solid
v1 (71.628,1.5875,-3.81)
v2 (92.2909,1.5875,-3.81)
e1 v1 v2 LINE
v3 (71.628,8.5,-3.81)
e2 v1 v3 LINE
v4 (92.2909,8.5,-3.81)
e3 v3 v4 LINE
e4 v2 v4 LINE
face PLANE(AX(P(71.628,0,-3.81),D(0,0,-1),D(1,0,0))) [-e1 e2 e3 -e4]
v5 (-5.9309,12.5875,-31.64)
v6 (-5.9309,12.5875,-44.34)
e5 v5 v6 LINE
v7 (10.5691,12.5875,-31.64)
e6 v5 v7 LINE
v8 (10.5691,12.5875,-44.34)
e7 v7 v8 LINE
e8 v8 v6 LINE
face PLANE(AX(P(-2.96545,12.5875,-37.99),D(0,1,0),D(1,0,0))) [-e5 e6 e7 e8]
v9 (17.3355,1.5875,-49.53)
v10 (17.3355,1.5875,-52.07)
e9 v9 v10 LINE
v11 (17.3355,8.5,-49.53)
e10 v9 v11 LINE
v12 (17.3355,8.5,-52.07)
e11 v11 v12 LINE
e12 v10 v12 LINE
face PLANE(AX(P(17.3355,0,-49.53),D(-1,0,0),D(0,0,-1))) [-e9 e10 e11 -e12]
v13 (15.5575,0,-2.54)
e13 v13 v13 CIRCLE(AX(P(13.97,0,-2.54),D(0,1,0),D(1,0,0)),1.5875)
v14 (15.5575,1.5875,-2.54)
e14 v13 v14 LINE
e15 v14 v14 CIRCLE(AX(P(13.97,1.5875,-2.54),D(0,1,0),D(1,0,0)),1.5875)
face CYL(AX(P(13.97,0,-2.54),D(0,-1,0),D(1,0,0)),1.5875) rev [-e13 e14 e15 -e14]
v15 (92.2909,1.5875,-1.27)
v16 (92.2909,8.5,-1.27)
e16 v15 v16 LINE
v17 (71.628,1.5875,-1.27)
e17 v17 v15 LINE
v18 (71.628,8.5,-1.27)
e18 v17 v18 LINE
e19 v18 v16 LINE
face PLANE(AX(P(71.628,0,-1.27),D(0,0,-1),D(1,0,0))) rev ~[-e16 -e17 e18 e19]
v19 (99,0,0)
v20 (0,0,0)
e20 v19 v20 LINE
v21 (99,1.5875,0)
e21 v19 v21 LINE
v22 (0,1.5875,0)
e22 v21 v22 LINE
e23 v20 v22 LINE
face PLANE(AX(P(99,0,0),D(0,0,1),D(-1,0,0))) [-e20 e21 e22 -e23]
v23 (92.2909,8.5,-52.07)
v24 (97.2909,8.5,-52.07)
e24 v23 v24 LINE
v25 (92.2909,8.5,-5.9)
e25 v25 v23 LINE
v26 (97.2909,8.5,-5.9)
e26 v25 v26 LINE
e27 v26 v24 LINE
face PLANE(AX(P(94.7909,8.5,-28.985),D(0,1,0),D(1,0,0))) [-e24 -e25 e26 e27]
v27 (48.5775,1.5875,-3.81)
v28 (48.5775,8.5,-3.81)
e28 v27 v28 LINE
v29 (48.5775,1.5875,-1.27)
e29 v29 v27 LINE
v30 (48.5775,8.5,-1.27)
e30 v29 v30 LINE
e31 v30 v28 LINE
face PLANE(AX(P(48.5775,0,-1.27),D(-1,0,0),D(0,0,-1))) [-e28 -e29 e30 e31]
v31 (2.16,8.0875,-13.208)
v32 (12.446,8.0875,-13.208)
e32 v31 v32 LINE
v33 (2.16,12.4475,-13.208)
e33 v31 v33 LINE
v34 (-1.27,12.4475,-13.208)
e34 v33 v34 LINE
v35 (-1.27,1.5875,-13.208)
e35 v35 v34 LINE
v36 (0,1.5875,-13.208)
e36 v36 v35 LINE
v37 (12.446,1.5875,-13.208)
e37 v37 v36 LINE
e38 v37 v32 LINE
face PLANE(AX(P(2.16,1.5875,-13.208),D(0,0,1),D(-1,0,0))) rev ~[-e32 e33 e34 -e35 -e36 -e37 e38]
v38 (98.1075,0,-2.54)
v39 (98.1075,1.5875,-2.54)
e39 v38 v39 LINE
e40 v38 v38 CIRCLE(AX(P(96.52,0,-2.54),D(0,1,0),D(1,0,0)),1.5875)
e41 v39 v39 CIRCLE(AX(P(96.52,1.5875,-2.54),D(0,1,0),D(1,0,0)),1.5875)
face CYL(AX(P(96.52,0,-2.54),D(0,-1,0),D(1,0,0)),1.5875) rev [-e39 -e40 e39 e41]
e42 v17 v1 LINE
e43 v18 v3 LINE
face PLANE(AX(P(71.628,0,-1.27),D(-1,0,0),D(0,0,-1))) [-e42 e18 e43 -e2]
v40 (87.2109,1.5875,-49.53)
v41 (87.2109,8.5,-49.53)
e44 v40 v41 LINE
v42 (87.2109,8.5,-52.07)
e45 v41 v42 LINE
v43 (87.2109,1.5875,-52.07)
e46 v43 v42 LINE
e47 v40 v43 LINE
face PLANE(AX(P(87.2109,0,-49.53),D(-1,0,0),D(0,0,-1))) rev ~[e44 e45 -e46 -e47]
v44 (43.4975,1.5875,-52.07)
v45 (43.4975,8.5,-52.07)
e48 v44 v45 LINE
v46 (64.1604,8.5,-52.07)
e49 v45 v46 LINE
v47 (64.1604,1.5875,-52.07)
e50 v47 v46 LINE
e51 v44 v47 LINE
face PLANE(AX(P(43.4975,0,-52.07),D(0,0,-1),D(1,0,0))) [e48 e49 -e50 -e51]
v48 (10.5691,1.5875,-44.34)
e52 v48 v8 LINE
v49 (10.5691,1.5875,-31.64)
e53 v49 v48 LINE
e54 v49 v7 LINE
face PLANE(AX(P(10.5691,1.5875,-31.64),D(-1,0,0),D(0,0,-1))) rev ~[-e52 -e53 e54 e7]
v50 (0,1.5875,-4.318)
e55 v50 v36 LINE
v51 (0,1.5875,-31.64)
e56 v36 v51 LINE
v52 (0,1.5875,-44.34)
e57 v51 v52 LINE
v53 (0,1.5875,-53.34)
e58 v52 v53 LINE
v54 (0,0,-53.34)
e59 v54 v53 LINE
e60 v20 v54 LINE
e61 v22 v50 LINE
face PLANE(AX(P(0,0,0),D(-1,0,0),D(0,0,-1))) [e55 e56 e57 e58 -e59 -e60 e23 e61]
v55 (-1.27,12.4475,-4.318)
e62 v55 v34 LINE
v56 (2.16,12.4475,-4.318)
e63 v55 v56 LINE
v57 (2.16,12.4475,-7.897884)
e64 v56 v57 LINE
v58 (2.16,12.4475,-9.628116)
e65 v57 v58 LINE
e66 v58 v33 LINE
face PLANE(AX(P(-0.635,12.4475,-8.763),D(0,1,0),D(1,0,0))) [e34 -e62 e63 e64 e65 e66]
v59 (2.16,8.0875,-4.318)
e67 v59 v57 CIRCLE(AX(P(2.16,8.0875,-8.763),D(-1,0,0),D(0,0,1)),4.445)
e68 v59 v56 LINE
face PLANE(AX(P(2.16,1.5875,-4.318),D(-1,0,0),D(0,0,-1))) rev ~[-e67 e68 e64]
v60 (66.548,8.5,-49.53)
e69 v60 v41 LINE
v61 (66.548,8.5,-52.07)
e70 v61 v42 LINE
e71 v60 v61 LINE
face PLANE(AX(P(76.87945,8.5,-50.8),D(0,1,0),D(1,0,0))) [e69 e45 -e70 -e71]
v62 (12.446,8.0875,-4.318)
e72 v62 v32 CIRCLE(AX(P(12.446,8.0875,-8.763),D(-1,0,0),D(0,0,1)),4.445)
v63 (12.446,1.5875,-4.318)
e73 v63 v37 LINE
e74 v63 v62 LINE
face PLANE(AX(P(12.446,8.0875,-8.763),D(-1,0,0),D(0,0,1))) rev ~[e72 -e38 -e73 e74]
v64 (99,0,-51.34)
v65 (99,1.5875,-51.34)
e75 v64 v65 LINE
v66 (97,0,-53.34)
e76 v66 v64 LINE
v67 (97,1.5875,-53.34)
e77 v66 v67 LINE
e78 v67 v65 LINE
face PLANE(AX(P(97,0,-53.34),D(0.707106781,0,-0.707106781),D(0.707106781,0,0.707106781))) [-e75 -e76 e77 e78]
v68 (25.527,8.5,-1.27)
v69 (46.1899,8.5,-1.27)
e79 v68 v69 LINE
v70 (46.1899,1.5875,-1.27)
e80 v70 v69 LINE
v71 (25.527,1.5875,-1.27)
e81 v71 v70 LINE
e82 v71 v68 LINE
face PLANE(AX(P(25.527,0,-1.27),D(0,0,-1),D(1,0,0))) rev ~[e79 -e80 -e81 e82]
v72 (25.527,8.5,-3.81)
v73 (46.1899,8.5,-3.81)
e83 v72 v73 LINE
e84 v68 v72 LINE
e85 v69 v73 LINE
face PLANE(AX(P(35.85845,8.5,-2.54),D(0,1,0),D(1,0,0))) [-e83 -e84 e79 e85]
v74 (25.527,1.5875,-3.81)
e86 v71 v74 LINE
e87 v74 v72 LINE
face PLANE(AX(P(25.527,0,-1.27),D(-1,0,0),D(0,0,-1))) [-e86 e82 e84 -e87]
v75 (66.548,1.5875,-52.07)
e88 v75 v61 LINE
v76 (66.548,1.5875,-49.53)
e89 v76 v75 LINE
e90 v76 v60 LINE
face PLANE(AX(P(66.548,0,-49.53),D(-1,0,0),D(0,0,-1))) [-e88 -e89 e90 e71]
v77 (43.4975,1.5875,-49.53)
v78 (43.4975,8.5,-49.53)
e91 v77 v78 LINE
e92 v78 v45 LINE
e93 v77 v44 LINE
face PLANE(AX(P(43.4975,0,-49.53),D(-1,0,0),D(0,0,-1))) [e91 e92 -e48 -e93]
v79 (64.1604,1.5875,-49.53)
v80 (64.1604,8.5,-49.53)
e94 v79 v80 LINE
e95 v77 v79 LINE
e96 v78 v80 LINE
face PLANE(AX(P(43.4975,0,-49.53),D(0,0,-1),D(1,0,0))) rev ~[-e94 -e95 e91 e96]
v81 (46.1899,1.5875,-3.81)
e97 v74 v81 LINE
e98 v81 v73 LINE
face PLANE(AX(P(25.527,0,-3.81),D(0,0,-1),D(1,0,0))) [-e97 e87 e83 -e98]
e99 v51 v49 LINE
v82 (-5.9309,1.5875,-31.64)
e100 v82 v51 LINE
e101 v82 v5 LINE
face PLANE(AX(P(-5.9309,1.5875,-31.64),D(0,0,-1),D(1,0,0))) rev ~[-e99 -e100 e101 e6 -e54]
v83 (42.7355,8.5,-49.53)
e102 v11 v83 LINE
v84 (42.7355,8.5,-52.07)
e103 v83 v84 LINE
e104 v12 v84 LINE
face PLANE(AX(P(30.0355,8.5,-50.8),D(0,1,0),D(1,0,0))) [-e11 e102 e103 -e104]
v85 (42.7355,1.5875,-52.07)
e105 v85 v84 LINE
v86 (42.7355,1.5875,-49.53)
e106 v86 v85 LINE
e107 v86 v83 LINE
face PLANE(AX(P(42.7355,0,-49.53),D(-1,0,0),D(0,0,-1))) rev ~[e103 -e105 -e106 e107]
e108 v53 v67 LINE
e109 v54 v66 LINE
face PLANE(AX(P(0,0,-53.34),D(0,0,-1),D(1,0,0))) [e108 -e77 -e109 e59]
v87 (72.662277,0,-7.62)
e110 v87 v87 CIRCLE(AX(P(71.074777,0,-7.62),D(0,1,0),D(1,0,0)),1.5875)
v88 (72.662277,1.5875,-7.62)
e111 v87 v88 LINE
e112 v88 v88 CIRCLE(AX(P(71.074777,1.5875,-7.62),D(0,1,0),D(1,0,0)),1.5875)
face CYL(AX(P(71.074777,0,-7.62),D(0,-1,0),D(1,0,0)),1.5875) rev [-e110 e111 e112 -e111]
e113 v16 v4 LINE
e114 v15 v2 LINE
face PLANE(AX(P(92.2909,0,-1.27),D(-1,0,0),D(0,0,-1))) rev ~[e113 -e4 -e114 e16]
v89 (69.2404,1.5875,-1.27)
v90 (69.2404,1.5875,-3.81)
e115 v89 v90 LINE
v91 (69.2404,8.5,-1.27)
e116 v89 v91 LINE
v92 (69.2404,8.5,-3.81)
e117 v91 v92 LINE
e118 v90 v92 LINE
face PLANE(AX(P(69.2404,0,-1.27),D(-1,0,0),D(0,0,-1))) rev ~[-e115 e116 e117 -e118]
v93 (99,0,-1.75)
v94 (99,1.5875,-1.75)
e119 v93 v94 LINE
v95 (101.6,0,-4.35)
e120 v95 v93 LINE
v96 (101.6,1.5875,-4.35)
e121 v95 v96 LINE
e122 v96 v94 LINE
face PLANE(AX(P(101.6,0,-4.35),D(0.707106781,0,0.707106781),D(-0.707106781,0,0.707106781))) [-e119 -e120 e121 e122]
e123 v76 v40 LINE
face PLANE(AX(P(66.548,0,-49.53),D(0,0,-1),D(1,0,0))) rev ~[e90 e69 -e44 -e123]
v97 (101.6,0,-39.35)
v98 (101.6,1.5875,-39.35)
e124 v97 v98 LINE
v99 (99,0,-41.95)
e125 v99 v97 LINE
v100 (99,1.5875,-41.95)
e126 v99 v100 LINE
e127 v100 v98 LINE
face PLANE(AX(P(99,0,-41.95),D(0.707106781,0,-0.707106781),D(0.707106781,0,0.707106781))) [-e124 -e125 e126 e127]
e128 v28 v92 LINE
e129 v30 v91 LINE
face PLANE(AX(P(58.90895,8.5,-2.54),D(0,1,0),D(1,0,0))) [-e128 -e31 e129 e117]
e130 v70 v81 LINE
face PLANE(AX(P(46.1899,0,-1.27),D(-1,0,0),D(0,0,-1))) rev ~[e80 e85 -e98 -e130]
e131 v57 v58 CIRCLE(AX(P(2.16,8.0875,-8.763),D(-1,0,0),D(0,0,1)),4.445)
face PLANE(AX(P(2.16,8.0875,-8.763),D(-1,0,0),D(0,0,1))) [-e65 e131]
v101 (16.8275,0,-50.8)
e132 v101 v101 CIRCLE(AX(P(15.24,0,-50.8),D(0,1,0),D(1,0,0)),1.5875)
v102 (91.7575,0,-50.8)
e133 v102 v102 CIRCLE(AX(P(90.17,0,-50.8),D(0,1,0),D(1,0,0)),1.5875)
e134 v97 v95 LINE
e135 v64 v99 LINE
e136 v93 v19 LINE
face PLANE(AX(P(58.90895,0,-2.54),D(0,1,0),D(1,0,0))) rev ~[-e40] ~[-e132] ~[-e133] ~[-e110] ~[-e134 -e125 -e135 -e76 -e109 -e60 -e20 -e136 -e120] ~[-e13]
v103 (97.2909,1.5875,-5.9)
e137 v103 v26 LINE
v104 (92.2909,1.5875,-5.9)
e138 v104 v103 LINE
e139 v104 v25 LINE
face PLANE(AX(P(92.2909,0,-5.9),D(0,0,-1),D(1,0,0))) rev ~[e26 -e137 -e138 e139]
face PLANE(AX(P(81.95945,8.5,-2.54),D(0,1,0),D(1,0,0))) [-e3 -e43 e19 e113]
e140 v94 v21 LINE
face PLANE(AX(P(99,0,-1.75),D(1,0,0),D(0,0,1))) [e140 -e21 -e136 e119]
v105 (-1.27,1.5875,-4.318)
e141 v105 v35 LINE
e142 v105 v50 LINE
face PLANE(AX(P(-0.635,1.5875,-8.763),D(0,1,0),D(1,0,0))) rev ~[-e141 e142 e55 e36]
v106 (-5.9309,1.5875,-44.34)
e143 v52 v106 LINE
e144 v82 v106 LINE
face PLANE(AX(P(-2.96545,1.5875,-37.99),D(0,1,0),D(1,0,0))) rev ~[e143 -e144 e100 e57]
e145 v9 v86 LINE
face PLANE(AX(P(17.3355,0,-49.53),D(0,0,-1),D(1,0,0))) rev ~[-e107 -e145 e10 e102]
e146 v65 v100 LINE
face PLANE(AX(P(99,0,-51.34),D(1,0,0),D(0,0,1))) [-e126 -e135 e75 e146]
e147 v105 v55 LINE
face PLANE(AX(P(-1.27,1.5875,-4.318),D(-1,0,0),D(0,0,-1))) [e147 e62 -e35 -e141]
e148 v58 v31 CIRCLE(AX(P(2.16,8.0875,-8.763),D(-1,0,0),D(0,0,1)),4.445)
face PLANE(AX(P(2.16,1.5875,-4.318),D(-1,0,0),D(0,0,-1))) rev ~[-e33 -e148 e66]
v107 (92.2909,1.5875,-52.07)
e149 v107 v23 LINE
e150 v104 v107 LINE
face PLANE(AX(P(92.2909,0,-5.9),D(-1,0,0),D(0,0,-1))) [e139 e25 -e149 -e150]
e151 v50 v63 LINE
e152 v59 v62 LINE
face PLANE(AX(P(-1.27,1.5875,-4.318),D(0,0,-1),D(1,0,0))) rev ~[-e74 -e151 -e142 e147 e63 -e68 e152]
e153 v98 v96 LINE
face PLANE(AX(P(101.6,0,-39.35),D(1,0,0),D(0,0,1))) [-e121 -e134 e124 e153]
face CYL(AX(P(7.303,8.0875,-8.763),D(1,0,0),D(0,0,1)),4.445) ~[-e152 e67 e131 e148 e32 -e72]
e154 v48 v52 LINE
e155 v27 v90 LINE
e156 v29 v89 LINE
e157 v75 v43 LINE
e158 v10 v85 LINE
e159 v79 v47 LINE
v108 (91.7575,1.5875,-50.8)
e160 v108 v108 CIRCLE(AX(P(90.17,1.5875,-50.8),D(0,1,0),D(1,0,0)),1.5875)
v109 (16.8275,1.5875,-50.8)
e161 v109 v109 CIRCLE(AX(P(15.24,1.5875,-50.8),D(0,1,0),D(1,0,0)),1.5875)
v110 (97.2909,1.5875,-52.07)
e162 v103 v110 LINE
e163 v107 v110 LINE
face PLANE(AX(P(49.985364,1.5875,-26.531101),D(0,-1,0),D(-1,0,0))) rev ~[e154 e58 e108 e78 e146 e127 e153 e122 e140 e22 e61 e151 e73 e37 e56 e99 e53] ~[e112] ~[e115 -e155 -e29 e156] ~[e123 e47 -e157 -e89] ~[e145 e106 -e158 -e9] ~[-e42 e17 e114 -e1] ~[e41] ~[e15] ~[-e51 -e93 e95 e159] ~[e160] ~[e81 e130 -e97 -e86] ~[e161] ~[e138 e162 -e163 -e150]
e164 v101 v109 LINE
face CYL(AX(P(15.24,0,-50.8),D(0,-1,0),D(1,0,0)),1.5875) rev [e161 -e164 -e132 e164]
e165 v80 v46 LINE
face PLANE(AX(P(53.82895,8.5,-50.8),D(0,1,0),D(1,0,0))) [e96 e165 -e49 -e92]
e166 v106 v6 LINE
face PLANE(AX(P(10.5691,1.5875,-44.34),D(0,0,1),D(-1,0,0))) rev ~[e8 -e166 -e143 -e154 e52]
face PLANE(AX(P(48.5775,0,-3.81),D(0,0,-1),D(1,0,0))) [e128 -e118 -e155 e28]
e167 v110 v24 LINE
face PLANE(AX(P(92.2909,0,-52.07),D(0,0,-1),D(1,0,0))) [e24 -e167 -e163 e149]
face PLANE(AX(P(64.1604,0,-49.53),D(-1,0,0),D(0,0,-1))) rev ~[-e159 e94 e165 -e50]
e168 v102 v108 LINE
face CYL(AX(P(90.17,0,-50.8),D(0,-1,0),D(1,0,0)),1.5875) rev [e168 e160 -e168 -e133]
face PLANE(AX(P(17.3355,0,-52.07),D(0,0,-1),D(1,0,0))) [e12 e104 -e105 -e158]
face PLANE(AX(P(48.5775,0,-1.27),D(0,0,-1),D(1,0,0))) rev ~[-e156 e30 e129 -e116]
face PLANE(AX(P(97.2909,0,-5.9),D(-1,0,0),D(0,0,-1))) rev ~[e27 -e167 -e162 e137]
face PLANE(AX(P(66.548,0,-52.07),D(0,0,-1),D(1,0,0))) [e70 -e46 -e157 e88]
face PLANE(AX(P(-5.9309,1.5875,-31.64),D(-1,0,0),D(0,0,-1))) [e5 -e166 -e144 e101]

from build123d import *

# Parameters (mm, degrees)
SKETCH1_R           = 1.5875
BOSS_EXTRUDE1_DEPTH = 1.5875
BOSS_EXTRUDE2_START = 1.5875
SKETCH1_3_W         = 5.9309
SKETCH1_3_H         = 12.7
SKETCH1_3_W_2       = 10.5691
BOSS_EXTRUDE2_DEPTH = 11
BOSS_EXTRUDE3_START = 1.5875
SKETCH1_4_W         = 10.286
SKETCH1_4_H         = 8.89
BOSS_EXTRUDE3_DEPTH = 6.5
BOSS_EXTRUDE4_START = 1.5875
SKETCH1_5_W         = 1.27
SKETCH1_5_H         = 8.89
SKETCH1_5_W_2       = 2.16
BOSS_EXTRUDE4_DEPTH = 10.86
SKETCH2_W           = 10.286
SKETCH2_H           = 4.445
REVOLVE1_ANGLE      = 180
SKETCH1_6_W         = 20.6629
SKETCH1_6_H         = 2.54
SKETCH1_6_W_2       = 5
SKETCH1_6_H_2       = 46.17
SKETCH1_6_W_3       = 25.4
BOSS_EXTRUDE5_DEPTH = 8.5


with BuildPart() as part:
    # Sketch1 → Boss-Extrude1 (new body)
    with BuildSketch(Plane(origin=(0, 0, 0), x_dir=(1, 0, 0), z_dir=(0, 1, 0))):
        Polygon((0, 0), (0, 53.34), (97, 53.34), (99, 51.34), (99, 41.95), (101.6, 39.35), (101.6, 4.35), (99, 1.75), (99, 0), align=None)
        with Locations((96.52, 2.54)):
            Circle(SKETCH1_R, mode=Mode.SUBTRACT)
        with Locations((71.074776633, 7.62)):
            Circle(SKETCH1_R, mode=Mode.SUBTRACT)
        with Locations((13.97, 2.54)):
            Circle(SKETCH1_R, mode=Mode.SUBTRACT)
        with Locations((15.24, 50.8)):
            Circle(SKETCH1_R, mode=Mode.SUBTRACT)
        with Locations((90.17, 50.8)):
            Circle(SKETCH1_R, mode=Mode.SUBTRACT)
    extrude(amount=BOSS_EXTRUDE1_DEPTH)

    # Sketch1<3> → Boss-Extrude2 (add)
    with BuildSketch(Plane(origin=(0, 0, 0), x_dir=(1, 0, 0), z_dir=(0, 1, 0)).offset(BOSS_EXTRUDE2_START)):
        with Locations((-2.96545, 37.99)):
            Rectangle(SKETCH1_3_W, SKETCH1_3_H)
        with Locations((5.28455, 37.99)):
            Rectangle(SKETCH1_3_W_2, SKETCH1_3_H)
    extrude(amount=BOSS_EXTRUDE2_DEPTH)

    # Sketch1<4> → Boss-Extrude3 (add)
    with BuildSketch(Plane(origin=(0, 0, 0), x_dir=(1, 0, 0), z_dir=(0, 1, 0)).offset(BOSS_EXTRUDE3_START)):
        with Locations((7.303, 8.763)):
            Rectangle(SKETCH1_4_W, SKETCH1_4_H)
    extrude(amount=BOSS_EXTRUDE3_DEPTH)

    # Sketch1<5> → Boss-Extrude4 (add)
    with BuildSketch(Plane(origin=(0, 0, 0), x_dir=(1, 0, 0), z_dir=(0, 1, 0)).offset(BOSS_EXTRUDE4_START)):
        with Locations((-0.635, 8.763)):
            Rectangle(SKETCH1_5_W, SKETCH1_5_H)
        with Locations((1.08, 8.763)):
            Rectangle(SKETCH1_5_W_2, SKETCH1_5_H)
    extrude(amount=BOSS_EXTRUDE4_DEPTH)

    # Sketch2 → Revolve1 (revolve)
    with BuildSketch(Plane(origin=(0, 8.0875, 0), x_dir=(1, 0, 0), z_dir=(0, 1, 0))):
        with Locations((7.303, 6.5405)):
            Rectangle(SKETCH2_W, SKETCH2_H)
    revolve(axis=Axis((2.16, 8.0875, -8.763), (-1, 0, 0)), revolution_arc=REVOLVE1_ANGLE)

    # Sketch1<6> → Boss-Extrude5 (add)
    with BuildSketch(Plane(origin=(0, 0, 0), x_dir=(1, 0, 0), z_dir=(0, 1, 0))):
        with Locations((58.90895, 2.54)):
            Rectangle(SKETCH1_6_W, SKETCH1_6_H)
        with Locations((81.95945, 2.54)):
            Rectangle(SKETCH1_6_W, SKETCH1_6_H)
        with Locations((94.7909, 28.985)):
            Rectangle(SKETCH1_6_W_2, SKETCH1_6_H_2)
        with Locations((35.85845, 2.54)):
            Rectangle(SKETCH1_6_W, SKETCH1_6_H)
        with Locations((76.87945, 50.8)):
            Rectangle(SKETCH1_6_W, SKETCH1_6_H)
        with Locations((53.82895, 50.8)):
            Rectangle(SKETCH1_6_W, SKETCH1_6_H)
        with Locations((30.0355, 50.8)):
            Rectangle(SKETCH1_6_W_3, SKETCH1_6_H)
    extrude(amount=BOSS_EXTRUDE5_DEPTH)


solid = part.part
